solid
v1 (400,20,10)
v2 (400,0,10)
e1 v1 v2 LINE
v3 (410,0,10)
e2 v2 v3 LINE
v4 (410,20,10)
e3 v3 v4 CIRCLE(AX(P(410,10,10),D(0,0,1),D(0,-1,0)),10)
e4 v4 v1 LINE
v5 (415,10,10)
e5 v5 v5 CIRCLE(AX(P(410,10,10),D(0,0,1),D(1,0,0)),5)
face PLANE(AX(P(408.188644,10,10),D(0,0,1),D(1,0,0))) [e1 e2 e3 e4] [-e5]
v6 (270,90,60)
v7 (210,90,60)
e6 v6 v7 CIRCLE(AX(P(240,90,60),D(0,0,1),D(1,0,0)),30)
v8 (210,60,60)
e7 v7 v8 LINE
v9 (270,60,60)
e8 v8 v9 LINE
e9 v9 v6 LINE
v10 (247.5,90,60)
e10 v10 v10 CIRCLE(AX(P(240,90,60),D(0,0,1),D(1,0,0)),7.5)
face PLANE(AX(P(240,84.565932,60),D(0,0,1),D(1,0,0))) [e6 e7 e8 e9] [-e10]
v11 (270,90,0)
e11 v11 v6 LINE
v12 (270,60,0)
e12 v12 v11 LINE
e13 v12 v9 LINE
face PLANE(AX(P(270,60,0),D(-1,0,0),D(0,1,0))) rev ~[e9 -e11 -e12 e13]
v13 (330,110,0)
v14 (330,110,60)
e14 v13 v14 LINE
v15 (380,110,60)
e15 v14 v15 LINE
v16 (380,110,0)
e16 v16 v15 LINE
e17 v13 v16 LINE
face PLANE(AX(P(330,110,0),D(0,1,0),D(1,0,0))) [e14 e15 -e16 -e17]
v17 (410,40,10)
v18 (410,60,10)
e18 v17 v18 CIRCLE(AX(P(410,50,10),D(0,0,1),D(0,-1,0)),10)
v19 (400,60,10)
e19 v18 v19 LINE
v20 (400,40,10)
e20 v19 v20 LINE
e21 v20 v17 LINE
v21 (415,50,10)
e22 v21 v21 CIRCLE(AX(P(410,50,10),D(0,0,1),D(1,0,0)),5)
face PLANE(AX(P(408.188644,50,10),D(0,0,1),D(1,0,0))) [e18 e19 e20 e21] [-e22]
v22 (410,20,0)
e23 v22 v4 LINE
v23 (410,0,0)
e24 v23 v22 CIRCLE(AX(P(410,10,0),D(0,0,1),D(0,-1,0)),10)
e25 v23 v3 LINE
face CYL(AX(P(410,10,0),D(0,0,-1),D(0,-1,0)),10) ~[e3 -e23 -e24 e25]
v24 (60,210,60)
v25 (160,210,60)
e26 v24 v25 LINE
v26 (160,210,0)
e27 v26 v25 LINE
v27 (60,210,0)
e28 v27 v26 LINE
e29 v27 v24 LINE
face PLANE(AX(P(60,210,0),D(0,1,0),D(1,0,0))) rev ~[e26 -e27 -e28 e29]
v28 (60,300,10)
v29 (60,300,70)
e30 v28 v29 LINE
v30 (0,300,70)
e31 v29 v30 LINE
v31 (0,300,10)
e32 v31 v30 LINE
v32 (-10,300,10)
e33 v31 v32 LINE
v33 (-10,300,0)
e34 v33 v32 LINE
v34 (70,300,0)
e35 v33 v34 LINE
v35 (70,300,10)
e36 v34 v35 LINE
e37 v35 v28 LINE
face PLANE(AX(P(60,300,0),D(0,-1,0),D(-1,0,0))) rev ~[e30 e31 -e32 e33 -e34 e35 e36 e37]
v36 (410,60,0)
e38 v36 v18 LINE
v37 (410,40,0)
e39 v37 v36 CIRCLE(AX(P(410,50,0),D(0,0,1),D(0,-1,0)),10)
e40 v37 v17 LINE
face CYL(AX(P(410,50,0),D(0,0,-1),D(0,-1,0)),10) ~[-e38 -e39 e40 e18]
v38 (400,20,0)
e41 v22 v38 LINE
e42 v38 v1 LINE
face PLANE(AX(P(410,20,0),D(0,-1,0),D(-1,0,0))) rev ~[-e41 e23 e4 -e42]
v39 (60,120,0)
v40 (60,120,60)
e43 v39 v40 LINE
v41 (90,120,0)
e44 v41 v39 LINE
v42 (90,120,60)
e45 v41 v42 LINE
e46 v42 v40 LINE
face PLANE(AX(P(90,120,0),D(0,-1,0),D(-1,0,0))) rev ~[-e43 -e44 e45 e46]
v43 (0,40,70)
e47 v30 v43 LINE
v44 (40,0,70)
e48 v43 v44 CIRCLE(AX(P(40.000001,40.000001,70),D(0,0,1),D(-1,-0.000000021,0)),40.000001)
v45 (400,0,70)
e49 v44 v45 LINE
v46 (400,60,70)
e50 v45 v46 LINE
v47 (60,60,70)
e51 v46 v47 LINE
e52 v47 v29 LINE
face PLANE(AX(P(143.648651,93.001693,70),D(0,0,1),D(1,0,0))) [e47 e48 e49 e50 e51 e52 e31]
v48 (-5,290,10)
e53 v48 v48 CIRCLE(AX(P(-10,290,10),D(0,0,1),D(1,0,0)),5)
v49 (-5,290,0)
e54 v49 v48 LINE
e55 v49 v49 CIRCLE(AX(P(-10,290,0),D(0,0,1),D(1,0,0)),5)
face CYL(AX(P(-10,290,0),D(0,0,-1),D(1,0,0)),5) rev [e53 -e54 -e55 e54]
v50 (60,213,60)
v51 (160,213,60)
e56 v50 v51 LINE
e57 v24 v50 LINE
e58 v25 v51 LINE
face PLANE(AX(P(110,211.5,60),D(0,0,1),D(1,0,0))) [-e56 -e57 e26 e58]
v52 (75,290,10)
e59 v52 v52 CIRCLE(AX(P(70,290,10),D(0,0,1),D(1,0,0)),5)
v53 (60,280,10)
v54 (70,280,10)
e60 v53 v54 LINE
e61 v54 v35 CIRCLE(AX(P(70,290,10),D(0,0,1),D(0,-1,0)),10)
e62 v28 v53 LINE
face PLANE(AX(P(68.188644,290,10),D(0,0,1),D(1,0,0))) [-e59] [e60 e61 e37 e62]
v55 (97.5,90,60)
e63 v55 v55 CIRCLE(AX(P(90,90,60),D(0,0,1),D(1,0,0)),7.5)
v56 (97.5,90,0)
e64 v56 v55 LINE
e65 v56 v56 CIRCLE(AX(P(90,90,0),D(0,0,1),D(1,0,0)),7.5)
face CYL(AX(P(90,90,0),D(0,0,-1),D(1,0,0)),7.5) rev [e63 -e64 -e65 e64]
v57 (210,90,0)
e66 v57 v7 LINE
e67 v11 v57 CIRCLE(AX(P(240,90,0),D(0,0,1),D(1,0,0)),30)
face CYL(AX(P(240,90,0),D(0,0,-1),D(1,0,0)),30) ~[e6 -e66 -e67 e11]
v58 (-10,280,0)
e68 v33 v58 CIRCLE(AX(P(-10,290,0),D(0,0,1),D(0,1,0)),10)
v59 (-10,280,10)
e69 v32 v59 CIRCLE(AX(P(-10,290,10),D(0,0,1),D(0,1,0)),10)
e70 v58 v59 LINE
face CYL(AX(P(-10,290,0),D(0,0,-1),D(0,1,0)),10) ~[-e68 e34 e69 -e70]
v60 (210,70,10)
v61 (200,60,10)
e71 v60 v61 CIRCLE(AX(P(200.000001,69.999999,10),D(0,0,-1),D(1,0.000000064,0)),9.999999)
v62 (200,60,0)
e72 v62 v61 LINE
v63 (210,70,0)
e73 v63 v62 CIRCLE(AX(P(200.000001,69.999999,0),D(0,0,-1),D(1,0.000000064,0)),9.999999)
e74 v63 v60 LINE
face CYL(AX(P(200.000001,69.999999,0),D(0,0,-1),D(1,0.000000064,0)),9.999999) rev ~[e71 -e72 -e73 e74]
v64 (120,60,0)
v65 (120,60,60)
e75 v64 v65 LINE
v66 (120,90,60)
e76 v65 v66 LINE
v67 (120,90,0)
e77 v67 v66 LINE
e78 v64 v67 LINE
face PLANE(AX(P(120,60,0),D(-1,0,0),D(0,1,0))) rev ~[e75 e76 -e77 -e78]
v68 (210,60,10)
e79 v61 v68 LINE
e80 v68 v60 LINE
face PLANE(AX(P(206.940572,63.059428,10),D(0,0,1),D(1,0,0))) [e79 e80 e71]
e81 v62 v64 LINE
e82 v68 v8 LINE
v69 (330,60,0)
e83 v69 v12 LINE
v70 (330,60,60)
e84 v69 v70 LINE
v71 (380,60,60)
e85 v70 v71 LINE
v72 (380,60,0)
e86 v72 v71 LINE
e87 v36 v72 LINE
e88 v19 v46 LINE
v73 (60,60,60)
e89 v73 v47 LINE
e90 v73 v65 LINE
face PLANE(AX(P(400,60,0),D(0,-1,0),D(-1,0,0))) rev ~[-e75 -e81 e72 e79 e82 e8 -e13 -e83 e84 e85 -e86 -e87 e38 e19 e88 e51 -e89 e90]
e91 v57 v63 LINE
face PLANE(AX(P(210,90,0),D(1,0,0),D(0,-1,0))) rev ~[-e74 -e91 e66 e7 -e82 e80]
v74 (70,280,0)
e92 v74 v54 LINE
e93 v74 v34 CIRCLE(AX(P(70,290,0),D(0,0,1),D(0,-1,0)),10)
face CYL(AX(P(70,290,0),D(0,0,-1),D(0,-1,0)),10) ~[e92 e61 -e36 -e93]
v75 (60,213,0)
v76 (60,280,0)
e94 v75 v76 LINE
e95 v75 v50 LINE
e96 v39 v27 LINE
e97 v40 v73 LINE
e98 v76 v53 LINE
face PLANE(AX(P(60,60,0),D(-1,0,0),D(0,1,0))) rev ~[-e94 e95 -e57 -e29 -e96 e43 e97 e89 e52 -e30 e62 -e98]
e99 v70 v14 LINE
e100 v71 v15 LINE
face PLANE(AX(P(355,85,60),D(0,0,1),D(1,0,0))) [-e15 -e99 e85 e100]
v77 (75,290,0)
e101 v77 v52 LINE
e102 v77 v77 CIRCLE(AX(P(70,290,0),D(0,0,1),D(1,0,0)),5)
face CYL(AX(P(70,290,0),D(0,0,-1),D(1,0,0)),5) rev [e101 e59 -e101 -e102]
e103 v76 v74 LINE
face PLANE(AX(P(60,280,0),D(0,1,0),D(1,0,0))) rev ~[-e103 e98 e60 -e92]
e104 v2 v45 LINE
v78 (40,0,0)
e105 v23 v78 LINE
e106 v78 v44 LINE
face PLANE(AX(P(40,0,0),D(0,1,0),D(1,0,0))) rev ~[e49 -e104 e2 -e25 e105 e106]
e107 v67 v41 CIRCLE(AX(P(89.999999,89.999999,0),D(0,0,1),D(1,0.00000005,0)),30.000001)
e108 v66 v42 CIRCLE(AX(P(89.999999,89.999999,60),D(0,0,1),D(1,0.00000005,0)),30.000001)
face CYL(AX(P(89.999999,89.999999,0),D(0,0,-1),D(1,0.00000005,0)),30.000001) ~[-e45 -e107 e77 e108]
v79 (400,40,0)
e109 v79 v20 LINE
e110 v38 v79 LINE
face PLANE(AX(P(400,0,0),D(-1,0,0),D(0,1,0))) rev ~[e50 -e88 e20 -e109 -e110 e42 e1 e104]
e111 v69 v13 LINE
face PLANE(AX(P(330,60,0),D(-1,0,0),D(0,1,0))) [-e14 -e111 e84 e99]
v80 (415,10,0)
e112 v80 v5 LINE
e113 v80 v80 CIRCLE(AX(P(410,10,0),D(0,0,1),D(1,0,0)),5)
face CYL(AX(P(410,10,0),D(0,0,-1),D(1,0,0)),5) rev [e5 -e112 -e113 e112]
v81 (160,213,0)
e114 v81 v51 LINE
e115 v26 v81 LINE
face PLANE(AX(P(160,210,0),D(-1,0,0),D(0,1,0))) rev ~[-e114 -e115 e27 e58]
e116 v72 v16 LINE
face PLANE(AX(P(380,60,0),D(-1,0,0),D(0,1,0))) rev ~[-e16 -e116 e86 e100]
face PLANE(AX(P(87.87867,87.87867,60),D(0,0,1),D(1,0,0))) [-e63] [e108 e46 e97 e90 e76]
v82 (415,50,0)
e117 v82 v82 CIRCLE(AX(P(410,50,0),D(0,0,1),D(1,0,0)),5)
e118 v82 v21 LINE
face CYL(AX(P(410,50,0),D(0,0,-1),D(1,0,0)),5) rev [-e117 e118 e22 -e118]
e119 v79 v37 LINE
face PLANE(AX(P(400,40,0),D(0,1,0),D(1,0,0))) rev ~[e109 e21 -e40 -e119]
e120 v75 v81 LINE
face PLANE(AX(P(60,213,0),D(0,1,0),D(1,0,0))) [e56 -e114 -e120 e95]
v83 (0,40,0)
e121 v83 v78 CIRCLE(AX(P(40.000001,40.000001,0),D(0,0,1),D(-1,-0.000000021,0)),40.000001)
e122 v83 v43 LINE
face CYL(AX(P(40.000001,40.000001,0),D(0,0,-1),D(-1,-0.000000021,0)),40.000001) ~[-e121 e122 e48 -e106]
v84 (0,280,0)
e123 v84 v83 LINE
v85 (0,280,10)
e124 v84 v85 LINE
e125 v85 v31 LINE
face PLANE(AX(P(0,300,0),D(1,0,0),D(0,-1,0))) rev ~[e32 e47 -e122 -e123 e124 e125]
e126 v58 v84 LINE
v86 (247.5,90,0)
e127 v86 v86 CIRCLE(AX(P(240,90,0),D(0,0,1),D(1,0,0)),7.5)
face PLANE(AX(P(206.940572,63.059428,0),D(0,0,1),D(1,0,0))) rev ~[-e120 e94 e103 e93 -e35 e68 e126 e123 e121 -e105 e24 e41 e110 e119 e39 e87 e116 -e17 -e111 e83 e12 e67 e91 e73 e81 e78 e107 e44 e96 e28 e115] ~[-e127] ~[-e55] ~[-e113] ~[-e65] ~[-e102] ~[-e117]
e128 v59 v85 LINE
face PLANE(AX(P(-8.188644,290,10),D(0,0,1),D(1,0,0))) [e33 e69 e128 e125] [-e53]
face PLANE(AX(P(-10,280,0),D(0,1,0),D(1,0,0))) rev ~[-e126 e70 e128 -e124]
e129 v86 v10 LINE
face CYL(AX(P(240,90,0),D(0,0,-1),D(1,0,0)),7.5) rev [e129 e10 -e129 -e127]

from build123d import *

# Parameters (mm, degrees)
F1_DEPTH = 70
F0_R     = 7.5
F0_W     = 100
F0_H     = 3
F0_W_2   = 50
F0_H_2   = 50
F2_DEPTH = 60
F0_R_2   = 5
F3_DEPTH = 10


with BuildPart() as f1:
    # F0 (on Top) → F1 (new body)
    with BuildSketch(Plane.XY):
        with BuildLine():
            Line((0, 280), (0, 40))
            ThreePointArc((0, 40), (11.715729, 11.715729), (40, 0))
            Line((40, 0), (400, 0))
            Line((400, 0), (400, 20))
            Line((400, 20), (400, 40))
            Line((400, 40), (400, 60))
            Line((400, 60), (380, 60))
            Line((380, 60), (330, 60))
            Line((330, 60), (270, 60))
            Line((270, 60), (210, 60))
            Line((210, 60), (200, 60))
            Line((200, 60), (120, 60))
            Line((120, 60), (60, 60))
            Line((60, 60), (60, 120))
            Line((60, 120), (60, 210))
            Line((60, 210), (60, 213))
            Line((60, 213), (60, 280))
            Line((60, 280), (60, 300))
            Line((60, 300), (0, 300))
            Line((0, 300), (0, 280))
        make_face()
    extrude(amount=F1_DEPTH)

    # F0 (on Top) → F2 (join)
    with BuildSketch(Plane.XY):
        with BuildLine():
            Line((90, 120), (60, 120))
            Line((60, 120), (60, 60))
            Line((60, 60), (120, 60))
            Line((120, 60), (120, 90))
            ThreePointArc((120, 90), (111.213203, 111.213203), (90, 120))
        make_face()
        with Locations((90, 90)):
            Circle(F0_R, mode=Mode.SUBTRACT)
        with BuildLine():
            Line((210, 60), (270, 60))
            Line((270, 60), (270, 90))
            ThreePointArc((270, 90), (240, 120), (210, 90))
            Line((210, 90), (210, 70))
            Line((210, 70), (210, 60))
        make_face()
        with Locations((240, 90)):
            Circle(F0_R, mode=Mode.SUBTRACT)
        with Locations((110, 211.5)):
            Rectangle(F0_W, F0_H)
        with Locations((355, 85)):
            Rectangle(F0_W_2, F0_H_2)
    extrude(amount=F2_DEPTH)

    # F0 (on Top) → F3 (join)
    with BuildSketch(Plane.XY):
        with BuildLine():
            Line((200, 60), (210, 60))
            Line((210, 60), (210, 70))
            ThreePointArc((210, 70), (207.071068, 62.928932), (200, 60))
        make_face()
        with BuildLine():
            Line((400, 60), (400, 40))
            Line((400, 40), (410, 40))
            ThreePointArc((410, 40), (420, 50), (410, 60))
            Line((410, 60), (400, 60))
        make_face()
        with Locations((410, 50)):
            Circle(F0_R_2, mode=Mode.SUBTRACT)
        with BuildLine():
            Line((400, 20), (400, 0))
            Line((400, 0), (410, 0))
            ThreePointArc((410, 0), (420, 10), (410, 20))
            Line((410, 20), (400, 20))
        make_face()
        with Locations((410, 10)):
            Circle(F0_R_2, mode=Mode.SUBTRACT)
        with BuildLine():
            Line((70, 300), (60, 300))
            Line((60, 300), (60, 280))
            Line((60, 280), (70, 280))
            ThreePointArc((70, 280), (80, 290), (70, 300))
        make_face()
        with Locations((70, 290)):
            Circle(F0_R_2, mode=Mode.SUBTRACT)
        with BuildLine():
            Line((-10, 280), (0, 280))
            Line((0, 280), (0, 300))
            Line((0, 300), (-10, 300))
            ThreePointArc((-10, 300), (-20, 290), (-10, 280))
        make_face()
        with Locations((-10, 290)):
            Circle(F0_R_2, mode=Mode.SUBTRACT)
    extrude(amount=F3_DEPTH)


solid = f1.part
